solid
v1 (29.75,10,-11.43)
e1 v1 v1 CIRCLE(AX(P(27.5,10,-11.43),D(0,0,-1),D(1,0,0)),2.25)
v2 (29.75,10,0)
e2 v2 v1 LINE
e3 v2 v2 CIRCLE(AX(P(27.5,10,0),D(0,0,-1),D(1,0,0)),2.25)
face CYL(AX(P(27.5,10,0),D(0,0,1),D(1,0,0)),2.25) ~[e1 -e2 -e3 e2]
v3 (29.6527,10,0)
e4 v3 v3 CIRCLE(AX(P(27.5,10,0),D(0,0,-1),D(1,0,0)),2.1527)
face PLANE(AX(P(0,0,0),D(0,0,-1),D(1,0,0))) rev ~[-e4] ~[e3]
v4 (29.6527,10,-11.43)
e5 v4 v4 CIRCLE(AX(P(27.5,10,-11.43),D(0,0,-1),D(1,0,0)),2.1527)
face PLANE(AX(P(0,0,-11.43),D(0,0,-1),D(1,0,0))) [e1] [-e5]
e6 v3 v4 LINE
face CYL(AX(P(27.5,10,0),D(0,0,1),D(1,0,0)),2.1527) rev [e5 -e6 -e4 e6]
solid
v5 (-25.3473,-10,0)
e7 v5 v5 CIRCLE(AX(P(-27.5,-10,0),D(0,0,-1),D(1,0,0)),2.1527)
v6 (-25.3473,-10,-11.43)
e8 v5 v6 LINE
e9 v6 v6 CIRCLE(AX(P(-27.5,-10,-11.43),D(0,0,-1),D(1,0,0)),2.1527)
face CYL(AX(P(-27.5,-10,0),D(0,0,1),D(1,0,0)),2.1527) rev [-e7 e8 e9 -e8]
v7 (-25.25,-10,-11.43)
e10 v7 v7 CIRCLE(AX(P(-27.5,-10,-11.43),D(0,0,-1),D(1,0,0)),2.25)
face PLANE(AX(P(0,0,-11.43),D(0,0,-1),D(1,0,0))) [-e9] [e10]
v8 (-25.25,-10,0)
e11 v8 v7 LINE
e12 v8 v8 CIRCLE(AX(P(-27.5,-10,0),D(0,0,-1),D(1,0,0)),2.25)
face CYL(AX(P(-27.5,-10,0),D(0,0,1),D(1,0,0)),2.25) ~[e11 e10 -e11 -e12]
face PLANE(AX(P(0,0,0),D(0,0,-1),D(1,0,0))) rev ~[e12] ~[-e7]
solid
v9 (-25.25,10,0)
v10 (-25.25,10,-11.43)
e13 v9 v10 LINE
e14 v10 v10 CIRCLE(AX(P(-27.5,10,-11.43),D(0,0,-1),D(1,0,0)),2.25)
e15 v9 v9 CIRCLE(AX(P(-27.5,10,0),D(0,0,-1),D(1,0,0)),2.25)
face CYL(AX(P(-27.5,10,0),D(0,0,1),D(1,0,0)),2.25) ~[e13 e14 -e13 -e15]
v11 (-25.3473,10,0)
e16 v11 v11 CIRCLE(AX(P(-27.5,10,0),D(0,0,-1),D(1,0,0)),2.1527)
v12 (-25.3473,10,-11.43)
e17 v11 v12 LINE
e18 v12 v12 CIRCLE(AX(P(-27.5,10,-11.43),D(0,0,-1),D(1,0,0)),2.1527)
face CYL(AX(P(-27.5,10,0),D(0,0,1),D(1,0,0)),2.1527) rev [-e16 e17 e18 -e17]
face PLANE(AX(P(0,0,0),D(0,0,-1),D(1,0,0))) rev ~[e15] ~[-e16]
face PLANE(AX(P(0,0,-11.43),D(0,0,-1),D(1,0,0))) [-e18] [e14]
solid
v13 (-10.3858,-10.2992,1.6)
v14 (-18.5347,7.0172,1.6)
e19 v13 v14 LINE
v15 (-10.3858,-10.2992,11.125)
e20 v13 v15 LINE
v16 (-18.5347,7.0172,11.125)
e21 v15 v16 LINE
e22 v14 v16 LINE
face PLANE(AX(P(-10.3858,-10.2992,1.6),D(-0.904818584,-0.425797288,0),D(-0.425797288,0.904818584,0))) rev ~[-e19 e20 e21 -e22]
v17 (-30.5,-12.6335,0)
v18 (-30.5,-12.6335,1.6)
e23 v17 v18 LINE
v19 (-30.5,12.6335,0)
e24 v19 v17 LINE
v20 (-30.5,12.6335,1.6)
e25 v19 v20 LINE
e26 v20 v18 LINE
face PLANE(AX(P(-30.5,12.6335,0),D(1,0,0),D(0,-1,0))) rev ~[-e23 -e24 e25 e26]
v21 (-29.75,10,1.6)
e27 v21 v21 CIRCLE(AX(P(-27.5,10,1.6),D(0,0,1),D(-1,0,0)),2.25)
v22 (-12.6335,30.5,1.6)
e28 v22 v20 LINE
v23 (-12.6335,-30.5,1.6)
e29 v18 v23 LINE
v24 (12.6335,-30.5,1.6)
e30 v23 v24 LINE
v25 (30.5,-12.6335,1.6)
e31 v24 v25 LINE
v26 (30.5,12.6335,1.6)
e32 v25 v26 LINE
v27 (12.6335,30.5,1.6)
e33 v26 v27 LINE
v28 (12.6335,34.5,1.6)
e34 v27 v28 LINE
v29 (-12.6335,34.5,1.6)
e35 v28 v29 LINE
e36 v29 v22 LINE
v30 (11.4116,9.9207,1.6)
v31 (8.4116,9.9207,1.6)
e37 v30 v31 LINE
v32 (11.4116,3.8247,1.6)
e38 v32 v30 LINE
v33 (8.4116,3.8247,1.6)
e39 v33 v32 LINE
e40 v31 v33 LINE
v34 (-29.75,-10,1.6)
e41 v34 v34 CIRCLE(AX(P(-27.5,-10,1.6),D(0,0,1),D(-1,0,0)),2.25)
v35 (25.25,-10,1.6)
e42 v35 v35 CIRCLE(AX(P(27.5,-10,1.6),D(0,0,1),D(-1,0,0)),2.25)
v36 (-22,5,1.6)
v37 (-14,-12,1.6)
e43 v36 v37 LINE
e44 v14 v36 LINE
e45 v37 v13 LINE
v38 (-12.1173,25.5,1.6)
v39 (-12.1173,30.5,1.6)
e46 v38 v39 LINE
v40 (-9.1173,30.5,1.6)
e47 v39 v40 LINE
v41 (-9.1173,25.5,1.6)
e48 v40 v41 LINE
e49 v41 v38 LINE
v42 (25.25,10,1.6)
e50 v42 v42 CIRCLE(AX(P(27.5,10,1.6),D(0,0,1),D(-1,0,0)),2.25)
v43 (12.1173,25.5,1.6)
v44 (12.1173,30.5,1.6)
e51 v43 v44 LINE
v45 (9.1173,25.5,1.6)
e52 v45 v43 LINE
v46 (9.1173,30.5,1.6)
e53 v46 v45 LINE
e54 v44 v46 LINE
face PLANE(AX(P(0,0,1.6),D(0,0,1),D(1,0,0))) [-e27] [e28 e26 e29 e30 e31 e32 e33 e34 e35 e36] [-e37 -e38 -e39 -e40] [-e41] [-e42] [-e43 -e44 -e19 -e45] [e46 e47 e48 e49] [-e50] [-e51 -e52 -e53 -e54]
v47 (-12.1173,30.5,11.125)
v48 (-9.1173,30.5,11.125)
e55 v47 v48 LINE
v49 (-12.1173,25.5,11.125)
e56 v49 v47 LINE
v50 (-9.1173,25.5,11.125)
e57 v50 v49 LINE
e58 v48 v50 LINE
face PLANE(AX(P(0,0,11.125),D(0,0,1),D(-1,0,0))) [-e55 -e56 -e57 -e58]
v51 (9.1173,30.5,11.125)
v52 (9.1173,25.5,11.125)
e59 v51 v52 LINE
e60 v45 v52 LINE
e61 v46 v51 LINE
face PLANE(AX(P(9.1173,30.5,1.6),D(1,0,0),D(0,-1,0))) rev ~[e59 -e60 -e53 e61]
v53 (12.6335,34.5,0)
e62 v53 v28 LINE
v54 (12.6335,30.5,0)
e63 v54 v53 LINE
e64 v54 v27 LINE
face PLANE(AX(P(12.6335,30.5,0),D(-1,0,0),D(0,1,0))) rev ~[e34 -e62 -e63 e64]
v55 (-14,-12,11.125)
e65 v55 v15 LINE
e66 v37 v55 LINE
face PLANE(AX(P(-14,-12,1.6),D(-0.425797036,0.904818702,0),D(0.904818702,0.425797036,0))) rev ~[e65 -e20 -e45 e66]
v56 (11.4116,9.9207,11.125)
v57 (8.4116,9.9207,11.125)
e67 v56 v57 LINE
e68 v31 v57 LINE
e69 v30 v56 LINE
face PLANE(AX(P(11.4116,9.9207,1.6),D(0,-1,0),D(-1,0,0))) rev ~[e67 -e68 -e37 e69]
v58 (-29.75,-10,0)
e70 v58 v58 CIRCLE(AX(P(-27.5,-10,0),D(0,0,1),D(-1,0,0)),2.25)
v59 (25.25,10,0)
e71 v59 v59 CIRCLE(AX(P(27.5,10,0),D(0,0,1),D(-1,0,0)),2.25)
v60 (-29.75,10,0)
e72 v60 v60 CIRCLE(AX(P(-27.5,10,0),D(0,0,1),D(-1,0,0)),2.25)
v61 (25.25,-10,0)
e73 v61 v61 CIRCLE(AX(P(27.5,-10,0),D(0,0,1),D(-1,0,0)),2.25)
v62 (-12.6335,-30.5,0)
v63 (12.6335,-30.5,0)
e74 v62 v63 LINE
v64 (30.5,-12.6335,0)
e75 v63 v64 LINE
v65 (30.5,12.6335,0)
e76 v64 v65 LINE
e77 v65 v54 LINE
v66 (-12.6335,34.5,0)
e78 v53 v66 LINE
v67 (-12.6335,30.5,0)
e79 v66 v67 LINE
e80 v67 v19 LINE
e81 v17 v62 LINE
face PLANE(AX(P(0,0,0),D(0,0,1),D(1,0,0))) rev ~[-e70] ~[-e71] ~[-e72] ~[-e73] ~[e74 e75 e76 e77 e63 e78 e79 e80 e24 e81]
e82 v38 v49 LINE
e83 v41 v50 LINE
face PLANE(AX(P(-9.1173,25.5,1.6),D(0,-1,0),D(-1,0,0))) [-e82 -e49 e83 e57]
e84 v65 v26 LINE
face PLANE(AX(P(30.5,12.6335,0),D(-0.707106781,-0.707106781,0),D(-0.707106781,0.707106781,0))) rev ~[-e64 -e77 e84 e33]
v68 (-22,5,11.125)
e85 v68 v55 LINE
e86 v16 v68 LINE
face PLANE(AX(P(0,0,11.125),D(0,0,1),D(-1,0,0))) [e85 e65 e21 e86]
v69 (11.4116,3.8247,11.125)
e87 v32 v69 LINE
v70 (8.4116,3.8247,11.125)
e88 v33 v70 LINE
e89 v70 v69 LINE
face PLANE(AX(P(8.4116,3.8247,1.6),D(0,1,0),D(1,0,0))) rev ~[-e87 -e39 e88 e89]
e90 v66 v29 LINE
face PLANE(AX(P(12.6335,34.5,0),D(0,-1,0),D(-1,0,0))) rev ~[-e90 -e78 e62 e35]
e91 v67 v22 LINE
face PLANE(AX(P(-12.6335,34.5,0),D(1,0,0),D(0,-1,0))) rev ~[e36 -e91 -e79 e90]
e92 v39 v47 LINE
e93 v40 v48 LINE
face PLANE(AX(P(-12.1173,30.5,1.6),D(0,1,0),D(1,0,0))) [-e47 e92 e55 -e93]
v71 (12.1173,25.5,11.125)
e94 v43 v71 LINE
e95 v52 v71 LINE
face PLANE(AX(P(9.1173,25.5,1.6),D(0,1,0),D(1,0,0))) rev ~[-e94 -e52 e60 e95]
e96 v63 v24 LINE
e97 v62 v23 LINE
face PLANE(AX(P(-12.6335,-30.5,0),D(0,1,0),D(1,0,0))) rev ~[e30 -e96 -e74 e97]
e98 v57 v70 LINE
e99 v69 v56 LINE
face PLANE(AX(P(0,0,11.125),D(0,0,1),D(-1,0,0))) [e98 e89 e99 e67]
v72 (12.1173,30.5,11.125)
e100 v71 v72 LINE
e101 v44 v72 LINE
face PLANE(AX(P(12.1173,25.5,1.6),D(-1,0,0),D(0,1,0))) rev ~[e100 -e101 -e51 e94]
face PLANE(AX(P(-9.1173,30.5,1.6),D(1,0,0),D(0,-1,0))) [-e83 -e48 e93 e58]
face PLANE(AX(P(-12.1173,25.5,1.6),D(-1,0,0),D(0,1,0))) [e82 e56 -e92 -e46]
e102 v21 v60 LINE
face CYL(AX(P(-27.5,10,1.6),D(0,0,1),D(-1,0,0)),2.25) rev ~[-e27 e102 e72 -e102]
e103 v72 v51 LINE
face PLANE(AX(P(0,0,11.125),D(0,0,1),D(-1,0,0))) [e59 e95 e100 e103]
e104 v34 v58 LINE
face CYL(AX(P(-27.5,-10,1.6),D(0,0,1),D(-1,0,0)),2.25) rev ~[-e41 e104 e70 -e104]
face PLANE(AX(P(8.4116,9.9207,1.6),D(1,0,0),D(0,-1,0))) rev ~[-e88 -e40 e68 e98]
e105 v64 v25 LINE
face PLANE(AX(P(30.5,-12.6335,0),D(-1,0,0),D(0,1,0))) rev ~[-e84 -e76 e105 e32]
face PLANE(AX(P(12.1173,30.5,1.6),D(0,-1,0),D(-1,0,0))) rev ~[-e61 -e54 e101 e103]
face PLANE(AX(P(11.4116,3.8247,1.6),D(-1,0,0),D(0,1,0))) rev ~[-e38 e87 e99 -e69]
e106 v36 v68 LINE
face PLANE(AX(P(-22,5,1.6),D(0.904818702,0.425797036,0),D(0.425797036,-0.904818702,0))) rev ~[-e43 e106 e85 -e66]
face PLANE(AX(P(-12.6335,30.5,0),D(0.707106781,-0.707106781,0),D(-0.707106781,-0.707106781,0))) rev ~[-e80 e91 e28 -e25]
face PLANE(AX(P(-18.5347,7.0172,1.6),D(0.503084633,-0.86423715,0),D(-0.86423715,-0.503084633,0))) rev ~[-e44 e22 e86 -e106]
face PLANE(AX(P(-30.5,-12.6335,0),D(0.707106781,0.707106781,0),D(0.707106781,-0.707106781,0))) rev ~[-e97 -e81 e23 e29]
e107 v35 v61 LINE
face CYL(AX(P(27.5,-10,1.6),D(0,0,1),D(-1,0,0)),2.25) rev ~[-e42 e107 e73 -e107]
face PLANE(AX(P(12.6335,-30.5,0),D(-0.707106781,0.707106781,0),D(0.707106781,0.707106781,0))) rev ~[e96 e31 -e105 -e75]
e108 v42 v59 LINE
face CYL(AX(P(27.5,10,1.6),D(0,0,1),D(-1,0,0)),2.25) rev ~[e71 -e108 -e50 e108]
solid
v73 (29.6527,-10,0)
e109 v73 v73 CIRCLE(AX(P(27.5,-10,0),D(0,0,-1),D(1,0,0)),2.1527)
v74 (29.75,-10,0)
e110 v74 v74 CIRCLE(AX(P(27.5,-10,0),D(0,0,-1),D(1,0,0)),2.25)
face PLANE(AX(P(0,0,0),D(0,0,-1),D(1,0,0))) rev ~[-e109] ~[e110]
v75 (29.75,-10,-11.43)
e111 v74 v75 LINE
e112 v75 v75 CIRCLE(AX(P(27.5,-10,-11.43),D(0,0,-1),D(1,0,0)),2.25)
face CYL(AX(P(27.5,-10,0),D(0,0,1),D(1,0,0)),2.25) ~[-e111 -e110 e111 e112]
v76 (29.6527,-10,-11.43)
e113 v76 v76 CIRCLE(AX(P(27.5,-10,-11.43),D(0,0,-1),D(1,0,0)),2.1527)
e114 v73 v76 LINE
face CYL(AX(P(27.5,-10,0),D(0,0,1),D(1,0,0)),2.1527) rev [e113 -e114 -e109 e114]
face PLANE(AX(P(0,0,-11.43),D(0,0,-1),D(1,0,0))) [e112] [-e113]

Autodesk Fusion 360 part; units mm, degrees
sketch "Sketch9" plane through (0, 0, 0) normal (0, 0, 1) x (1, 0, 0)
  line L0 (-30.5, -12.6335) -> (-12.6335, -30.5)
  line L1 (-12.6335, -30.5) -> (12.6335, -30.5)
  line L2 (12.6335, -30.5) -> (30.5, -12.6335)
  line L3 (30.5, -12.6335) -> (30.5, 12.6335)
  line L4 (30.5, 12.6335) -> (12.6335, 30.5)
  line L5 (12.6335, 30.5) -> (-12.6335, 30.5)
  line L6 (-12.6335, 30.5) -> (-30.5, 12.6335)
  line L7 (-30.5, 12.6335) -> (-30.5, -12.6335)
  line L8 (-12.6335, 30.5) -> (12.6335, 30.5)
  line L9 (12.6335, 30.5) -> (12.6335, 34.5)
  line L10 (12.6335, 34.5) -> (-12.6335, 34.5)
  line L11 (-12.6335, 34.5) -> (-12.6335, 30.5)
  dimension "d23" = 30.5
  dimension "d33" = 4
extrude "Extrude1" add sketch "Sketch9" along normal blind 1.6 makes body 1
sketch "Sketch11" plane through (0, 0, 1.6) normal (0, 0, 1) x (-1, 0, 0)
  line L0 (30.5, -12.6335) -> (30.5, 12.6335)
  line L1 (30.5, 12.6335) -> (12.6335, 30.5)
  line L2 (12.6335, 30.5) -> (-12.6335, 30.5)
  line L3 (-12.6335, 30.5) -> (-30.5, 12.6335)
  line L4 (-30.5, 12.6335) -> (-30.5, -12.6335)
  line L5 (-30.5, -12.6335) -> (-12.6335, -30.5)
  line L6 (12.6335, -30.5) -> (30.5, -12.6335)
  circle A0 centre (-27.5, -10) radius 2.25
  line L7 (0, 0) -> (0, -30.5) construction
  line L8 (0, 0) -> (30.5, 0) construction
  circle A1 centre (27.5, -10) radius 2.25
  circle A2 centre (27.5, 10) radius 2.25
  circle A3 centre (-27.5, 10) radius 2.25
  line L9 (12.6335, -34.5) -> (12.6335, -30.5)
  line L10 (-12.6335, -30.5) -> (-12.6335, -34.5)
  line L11 (-12.6335, -34.5) -> (12.6335, -34.5)
  dimension "d26" = 4.5
  dimension "d27" = 10
  dimension "d28" = 27.5
extrude "Extrude2" cut sketch "Sketch11" against normal through all contours A0 | A1 | A2 | A3 bodies 1
sketch "Sketch12" plane through (0, 0, 0) normal (0, 0, -1) x (1, 0, 0)
  circle A0 centre (-27.5, 10) radius 2.25
  circle A1 centre (27.5, 10) radius 2.25
  circle A2 centre (-27.5, -10) radius 2.25
  circle A3 centre (27.5, -10) radius 2.25
  line L0 (-30.5, 12.6335) -> (-30.5, -12.6335)
  line L1 (-30.5, -12.6335) -> (-12.6335, -30.5)
  line L2 (12.6335, -30.5) -> (30.5, -12.6335)
  line L3 (30.5, -12.6335) -> (30.5, 12.6335)
  line L4 (30.5, 12.6335) -> (12.6335, 30.5)
  line L5 (12.6335, 30.5) -> (-12.6335, 30.5)
  line L6 (-12.6335, 30.5) -> (-30.5, 12.6335)
  circle A4 centre (-27.5, 10) radius 2.25
  circle A5 centre (27.5, -10) radius 2.25
  circle A6 centre (27.5, -10) radius 2.1527
  line L7 (0, -30.5) -> (0, 30.5) construction
  line L8 (30.5, 0) -> (-30.5, 0) construction
  line L9 (27.5, -10) -> (0, -10) construction
  circle A7 centre (-27.5, -10) radius 2.1527
  circle A8 centre (-27.5, -10) radius 2.25
  line L10 (-27.5, -10) -> (0, -10) construction
  line L11 (27.5, -10) -> (27.5, 10) construction
  line L12 (-27.5, -10) -> (-27.5, 10) construction
  circle A9 centre (27.5, 10) radius 2.1527
  circle A10 centre (27.5, 10) radius 2.25
  circle A11 centre (-27.5, 10) radius 2.1527
  circle A12 centre (-27.5, 10) radius 2.25
  line L13 (27.5, 10) -> (27.5, -10) construction
  line L14 (-27.5, 10) -> (-27.5, -10) construction
  line L15 (-12.6335, -30.5) -> (-12.6335, -34.5)
  line L16 (-12.6335, -34.5) -> (12.6335, -34.5)
  line L17 (12.6335, -34.5) -> (12.6335, -30.5)
extrude "Extrude3" add sketch "Sketch12" along normal blind 11.43 separate body contours A0 A4 A12 | A1 A10 | A2 A8 | A3 A5 makes body 2 at (-25.2612, -9.776, -7.62) makes body 3 at (-25.2612, 10.224, -7.62) makes body 4 at (29.7388, -9.776, -7.62) makes body 5 at (29.7388, 10.224, -7.62)
sketch "Sketch13" plane through (0, 0, 1.6) normal (0, 0, 1) x (-1, 0, 0)
  circle A0 centre (27.5, 10) radius 2.25
  circle A1 centre (-27.5, 10) radius 2.25
  circle A2 centre (27.5, -10) radius 2.25
  circle A3 centre (-27.5, -10) radius 2.25
  line L0 (12.6335, -34.5) -> (12.6335, -30.5)
  line L1 (12.6335, -30.5) -> (30.5, -12.6335)
  line L2 (30.5, -12.6335) -> (30.5, 12.6335)
  line L3 (30.5, 12.6335) -> (12.6335, 30.5)
  line L4 (12.6335, 30.5) -> (-12.6335, 30.5)
  line L5 (-12.6335, 30.5) -> (-30.5, 12.6335)
  line L6 (-30.5, 12.6335) -> (-30.5, -12.6335)
  line L7 (-30.5, -12.6335) -> (-12.6335, -30.5)
  line L8 (-12.6335, -30.5) -> (-12.6335, -34.5)
  line L9 (-12.6335, -34.5) -> (12.6335, -34.5)
  line L10 (22, -5) -> (14, 12)
  line L11 (14, 12) -> (10.3858, 10.2992)
  line L12 (10.3858, 10.2992) -> (18.5347, -7.0172)
  line L13 (18.5347, -7.0172) -> (22, -5)
  line L14 (12.1173, -30.5) -> (9.1173, -30.5)
  line L15 (9.1173, -30.5) -> (9.1173, -25.5)
  line L16 (9.1173, -25.5) -> (12.1173, -25.5)
  line L17 (12.1173, -25.5) -> (12.1173, -30.5)
  line L18 (9.1173, -30.5) -> (0, -30.5) construction
  line L19 (0, -30.5) -> (0, -21.6781) construction
  line L20 (-12.1173, -30.5) -> (-9.1173, -30.5)
  line L21 (-9.1173, -30.5) -> (-9.1173, -25.5)
  line L22 (-12.1173, -25.5) -> (-12.1173, -30.5)
  line L23 (-9.1173, -25.5) -> (-12.1173, -25.5)
  line L24 (-9.1173, -30.5) -> (0, -30.5) construction
  line L25 (-11.4116, -35.3207) -> (-11.4116, -9.9207) construction
  line L26 (-11.4116, -9.9207) -> (-8.4116, -9.9207)
  line L27 (-8.4116, -9.9207) -> (-8.4116, -3.8247)
  line L28 (-8.4116, -3.8247) -> (-11.4116, -3.8247)
  line L29 (-11.4116, -3.8247) -> (-11.4116, -9.9207)
  dimension "d34" = 3
  dimension "d35" = 5
  dimension "d36" = 25.4
  dimension "d38" = 3
  dimension "d39" = 6.096
extrude "Extrude4" add sketch "Sketch13" along normal blind 9.525 contours L10 L11 L12 L13 | L14 L15 L16 L17 | L20 L21 L22 L23 | L26 L27 L28 L29 bodies 1
equation "d28 = ( 55 / 2 ) * 1 mm"
